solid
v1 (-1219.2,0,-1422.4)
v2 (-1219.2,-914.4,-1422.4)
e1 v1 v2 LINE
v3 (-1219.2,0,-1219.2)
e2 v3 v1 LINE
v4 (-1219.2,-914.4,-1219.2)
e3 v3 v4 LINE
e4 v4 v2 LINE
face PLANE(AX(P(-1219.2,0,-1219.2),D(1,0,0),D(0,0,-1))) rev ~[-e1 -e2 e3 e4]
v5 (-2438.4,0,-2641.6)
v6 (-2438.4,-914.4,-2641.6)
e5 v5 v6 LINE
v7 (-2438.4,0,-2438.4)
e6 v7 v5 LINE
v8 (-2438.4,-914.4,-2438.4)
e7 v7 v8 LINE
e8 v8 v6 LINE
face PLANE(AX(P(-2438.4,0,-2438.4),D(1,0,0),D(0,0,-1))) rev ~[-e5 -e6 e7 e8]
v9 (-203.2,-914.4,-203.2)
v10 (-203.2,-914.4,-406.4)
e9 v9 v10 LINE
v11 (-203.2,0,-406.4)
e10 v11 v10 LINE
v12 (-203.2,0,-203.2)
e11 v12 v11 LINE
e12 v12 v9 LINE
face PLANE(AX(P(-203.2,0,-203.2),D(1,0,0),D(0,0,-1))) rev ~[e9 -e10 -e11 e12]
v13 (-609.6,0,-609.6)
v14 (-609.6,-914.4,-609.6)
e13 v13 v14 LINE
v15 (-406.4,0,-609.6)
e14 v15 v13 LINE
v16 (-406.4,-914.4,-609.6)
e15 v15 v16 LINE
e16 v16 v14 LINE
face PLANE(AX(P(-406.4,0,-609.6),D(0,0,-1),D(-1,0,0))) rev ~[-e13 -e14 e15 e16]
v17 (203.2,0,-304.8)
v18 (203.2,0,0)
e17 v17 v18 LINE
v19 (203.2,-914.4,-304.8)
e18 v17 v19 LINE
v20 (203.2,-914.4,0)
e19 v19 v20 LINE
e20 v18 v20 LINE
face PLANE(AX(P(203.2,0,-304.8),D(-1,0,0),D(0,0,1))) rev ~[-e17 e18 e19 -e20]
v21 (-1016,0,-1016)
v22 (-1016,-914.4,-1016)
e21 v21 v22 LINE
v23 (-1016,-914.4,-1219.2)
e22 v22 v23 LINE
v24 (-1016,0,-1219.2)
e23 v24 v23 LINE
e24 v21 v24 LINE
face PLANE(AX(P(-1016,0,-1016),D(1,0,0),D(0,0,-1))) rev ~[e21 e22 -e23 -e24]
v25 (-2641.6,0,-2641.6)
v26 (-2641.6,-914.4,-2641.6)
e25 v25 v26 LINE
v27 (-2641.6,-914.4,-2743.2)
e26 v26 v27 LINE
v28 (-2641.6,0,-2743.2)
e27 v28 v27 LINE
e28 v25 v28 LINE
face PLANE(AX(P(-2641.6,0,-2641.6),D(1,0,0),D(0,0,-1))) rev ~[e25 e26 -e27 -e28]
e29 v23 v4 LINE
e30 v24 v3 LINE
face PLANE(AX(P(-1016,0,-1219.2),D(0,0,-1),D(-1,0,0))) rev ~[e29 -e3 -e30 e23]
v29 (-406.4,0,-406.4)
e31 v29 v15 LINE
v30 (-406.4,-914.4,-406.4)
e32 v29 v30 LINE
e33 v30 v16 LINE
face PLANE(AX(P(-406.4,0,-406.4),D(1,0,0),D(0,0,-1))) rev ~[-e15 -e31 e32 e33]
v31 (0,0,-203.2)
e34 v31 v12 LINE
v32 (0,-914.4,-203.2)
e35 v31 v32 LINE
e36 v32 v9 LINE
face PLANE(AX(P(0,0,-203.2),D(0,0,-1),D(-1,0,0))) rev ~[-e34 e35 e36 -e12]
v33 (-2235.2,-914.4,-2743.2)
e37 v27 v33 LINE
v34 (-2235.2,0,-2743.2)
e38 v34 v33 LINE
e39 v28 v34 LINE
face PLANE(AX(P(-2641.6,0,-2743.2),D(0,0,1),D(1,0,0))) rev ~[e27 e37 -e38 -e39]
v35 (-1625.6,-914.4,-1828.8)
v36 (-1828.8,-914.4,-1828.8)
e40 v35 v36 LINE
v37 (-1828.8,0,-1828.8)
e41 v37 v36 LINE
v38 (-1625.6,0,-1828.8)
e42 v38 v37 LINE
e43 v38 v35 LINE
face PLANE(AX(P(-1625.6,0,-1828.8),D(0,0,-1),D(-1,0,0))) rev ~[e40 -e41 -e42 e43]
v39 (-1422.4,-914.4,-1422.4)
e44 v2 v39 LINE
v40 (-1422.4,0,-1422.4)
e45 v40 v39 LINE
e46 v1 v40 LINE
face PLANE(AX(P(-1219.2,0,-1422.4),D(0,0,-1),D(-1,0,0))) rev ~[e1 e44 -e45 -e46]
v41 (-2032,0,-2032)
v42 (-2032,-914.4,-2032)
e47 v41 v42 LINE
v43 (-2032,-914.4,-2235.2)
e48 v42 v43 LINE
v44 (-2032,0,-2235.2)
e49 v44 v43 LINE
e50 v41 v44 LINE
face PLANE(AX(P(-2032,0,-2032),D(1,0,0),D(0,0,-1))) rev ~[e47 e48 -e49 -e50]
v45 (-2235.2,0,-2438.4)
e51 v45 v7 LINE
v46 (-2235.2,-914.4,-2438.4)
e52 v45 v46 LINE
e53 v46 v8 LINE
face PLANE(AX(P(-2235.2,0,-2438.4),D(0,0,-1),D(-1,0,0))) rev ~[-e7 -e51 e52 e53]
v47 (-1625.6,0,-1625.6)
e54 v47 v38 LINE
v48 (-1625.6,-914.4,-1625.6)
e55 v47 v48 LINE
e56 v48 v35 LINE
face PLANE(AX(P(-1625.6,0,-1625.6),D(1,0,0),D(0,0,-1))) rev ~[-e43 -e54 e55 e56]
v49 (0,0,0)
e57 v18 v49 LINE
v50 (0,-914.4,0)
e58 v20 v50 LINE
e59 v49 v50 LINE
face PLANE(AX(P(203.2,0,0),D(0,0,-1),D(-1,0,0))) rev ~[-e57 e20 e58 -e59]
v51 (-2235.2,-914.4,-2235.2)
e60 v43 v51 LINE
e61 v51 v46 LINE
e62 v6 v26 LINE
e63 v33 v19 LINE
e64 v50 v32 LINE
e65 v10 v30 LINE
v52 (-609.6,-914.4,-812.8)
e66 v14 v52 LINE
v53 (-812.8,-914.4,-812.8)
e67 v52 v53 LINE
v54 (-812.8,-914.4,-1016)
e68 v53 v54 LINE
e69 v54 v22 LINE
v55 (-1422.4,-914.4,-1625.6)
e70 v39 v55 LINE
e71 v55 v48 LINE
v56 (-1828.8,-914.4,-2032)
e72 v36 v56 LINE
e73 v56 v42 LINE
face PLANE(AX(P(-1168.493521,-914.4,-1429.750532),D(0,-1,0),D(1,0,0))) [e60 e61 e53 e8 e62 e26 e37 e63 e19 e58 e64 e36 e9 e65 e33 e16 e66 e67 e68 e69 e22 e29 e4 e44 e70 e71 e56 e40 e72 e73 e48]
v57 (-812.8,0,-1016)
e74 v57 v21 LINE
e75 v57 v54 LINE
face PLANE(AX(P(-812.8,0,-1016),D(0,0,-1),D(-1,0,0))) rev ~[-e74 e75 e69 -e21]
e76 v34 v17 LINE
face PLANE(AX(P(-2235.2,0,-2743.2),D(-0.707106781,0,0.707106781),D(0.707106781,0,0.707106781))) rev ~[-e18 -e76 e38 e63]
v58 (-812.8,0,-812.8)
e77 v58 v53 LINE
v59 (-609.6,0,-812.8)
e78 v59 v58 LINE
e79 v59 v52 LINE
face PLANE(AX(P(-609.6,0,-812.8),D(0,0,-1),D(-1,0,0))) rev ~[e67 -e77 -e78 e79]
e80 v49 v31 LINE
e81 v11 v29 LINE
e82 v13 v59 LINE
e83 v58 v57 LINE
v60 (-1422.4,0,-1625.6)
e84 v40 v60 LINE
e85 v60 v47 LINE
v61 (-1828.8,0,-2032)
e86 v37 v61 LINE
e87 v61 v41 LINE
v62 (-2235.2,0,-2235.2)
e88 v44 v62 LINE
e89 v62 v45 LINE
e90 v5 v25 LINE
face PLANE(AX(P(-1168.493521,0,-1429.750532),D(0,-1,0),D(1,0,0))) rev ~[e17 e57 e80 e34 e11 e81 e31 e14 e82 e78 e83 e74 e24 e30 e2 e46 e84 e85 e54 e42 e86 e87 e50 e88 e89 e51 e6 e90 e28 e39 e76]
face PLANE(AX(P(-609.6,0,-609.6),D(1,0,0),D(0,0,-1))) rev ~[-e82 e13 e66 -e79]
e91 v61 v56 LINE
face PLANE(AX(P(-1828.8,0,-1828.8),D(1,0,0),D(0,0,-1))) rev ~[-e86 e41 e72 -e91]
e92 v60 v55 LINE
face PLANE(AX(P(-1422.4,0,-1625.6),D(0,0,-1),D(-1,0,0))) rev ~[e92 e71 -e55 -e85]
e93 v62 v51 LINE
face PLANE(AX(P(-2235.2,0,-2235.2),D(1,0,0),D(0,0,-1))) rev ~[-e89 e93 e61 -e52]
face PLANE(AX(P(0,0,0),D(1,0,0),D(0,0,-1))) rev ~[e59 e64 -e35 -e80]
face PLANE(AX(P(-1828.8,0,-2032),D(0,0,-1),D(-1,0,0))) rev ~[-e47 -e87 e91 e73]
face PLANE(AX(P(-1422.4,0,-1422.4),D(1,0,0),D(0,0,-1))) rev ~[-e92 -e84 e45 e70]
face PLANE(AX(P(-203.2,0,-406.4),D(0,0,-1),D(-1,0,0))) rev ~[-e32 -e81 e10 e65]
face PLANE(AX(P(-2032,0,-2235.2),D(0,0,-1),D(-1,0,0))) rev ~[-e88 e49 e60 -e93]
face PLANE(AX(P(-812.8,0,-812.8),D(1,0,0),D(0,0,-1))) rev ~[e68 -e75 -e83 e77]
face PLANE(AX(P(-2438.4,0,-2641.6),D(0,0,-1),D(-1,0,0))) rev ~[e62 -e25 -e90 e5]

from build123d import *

# Parameters (mm, degrees)
F1_DEPTH = 914.4


with BuildPart() as f1:
    # F0 (on Front) → F1 (new body)
    with BuildSketch(Plane.XZ):
        Polygon((203.2, 0), (0, 0), (0, -203.2), (-203.2, -203.2), (-203.2, -406.4), (-406.4, -406.4), (-406.4, -609.6), (-609.6, -609.6), (-609.6, -812.8), (-812.8, -812.8), (-812.8, -1016), (-1016, -1016), (-1016, -1219.2), (-1219.2, -1219.2), (-1219.2, -1422.4), (-1422.4, -1422.4), (-1422.4, -1625.6), (-1625.6, -1625.6), (-1625.6, -1828.8), (-1828.8, -1828.8), (-1828.8, -2032), (-2032, -2032), (-2032, -2235.2), (-2235.2, -2235.2), (-2235.2, -2438.4), (-2438.4, -2438.4), (-2438.4, -2641.6), (-2641.6, -2641.6), (-2641.6, -2743.2), (-2235.2, -2743.2), (203.2, -304.8), align=None)
    extrude(amount=F1_DEPTH)


solid = f1.part
